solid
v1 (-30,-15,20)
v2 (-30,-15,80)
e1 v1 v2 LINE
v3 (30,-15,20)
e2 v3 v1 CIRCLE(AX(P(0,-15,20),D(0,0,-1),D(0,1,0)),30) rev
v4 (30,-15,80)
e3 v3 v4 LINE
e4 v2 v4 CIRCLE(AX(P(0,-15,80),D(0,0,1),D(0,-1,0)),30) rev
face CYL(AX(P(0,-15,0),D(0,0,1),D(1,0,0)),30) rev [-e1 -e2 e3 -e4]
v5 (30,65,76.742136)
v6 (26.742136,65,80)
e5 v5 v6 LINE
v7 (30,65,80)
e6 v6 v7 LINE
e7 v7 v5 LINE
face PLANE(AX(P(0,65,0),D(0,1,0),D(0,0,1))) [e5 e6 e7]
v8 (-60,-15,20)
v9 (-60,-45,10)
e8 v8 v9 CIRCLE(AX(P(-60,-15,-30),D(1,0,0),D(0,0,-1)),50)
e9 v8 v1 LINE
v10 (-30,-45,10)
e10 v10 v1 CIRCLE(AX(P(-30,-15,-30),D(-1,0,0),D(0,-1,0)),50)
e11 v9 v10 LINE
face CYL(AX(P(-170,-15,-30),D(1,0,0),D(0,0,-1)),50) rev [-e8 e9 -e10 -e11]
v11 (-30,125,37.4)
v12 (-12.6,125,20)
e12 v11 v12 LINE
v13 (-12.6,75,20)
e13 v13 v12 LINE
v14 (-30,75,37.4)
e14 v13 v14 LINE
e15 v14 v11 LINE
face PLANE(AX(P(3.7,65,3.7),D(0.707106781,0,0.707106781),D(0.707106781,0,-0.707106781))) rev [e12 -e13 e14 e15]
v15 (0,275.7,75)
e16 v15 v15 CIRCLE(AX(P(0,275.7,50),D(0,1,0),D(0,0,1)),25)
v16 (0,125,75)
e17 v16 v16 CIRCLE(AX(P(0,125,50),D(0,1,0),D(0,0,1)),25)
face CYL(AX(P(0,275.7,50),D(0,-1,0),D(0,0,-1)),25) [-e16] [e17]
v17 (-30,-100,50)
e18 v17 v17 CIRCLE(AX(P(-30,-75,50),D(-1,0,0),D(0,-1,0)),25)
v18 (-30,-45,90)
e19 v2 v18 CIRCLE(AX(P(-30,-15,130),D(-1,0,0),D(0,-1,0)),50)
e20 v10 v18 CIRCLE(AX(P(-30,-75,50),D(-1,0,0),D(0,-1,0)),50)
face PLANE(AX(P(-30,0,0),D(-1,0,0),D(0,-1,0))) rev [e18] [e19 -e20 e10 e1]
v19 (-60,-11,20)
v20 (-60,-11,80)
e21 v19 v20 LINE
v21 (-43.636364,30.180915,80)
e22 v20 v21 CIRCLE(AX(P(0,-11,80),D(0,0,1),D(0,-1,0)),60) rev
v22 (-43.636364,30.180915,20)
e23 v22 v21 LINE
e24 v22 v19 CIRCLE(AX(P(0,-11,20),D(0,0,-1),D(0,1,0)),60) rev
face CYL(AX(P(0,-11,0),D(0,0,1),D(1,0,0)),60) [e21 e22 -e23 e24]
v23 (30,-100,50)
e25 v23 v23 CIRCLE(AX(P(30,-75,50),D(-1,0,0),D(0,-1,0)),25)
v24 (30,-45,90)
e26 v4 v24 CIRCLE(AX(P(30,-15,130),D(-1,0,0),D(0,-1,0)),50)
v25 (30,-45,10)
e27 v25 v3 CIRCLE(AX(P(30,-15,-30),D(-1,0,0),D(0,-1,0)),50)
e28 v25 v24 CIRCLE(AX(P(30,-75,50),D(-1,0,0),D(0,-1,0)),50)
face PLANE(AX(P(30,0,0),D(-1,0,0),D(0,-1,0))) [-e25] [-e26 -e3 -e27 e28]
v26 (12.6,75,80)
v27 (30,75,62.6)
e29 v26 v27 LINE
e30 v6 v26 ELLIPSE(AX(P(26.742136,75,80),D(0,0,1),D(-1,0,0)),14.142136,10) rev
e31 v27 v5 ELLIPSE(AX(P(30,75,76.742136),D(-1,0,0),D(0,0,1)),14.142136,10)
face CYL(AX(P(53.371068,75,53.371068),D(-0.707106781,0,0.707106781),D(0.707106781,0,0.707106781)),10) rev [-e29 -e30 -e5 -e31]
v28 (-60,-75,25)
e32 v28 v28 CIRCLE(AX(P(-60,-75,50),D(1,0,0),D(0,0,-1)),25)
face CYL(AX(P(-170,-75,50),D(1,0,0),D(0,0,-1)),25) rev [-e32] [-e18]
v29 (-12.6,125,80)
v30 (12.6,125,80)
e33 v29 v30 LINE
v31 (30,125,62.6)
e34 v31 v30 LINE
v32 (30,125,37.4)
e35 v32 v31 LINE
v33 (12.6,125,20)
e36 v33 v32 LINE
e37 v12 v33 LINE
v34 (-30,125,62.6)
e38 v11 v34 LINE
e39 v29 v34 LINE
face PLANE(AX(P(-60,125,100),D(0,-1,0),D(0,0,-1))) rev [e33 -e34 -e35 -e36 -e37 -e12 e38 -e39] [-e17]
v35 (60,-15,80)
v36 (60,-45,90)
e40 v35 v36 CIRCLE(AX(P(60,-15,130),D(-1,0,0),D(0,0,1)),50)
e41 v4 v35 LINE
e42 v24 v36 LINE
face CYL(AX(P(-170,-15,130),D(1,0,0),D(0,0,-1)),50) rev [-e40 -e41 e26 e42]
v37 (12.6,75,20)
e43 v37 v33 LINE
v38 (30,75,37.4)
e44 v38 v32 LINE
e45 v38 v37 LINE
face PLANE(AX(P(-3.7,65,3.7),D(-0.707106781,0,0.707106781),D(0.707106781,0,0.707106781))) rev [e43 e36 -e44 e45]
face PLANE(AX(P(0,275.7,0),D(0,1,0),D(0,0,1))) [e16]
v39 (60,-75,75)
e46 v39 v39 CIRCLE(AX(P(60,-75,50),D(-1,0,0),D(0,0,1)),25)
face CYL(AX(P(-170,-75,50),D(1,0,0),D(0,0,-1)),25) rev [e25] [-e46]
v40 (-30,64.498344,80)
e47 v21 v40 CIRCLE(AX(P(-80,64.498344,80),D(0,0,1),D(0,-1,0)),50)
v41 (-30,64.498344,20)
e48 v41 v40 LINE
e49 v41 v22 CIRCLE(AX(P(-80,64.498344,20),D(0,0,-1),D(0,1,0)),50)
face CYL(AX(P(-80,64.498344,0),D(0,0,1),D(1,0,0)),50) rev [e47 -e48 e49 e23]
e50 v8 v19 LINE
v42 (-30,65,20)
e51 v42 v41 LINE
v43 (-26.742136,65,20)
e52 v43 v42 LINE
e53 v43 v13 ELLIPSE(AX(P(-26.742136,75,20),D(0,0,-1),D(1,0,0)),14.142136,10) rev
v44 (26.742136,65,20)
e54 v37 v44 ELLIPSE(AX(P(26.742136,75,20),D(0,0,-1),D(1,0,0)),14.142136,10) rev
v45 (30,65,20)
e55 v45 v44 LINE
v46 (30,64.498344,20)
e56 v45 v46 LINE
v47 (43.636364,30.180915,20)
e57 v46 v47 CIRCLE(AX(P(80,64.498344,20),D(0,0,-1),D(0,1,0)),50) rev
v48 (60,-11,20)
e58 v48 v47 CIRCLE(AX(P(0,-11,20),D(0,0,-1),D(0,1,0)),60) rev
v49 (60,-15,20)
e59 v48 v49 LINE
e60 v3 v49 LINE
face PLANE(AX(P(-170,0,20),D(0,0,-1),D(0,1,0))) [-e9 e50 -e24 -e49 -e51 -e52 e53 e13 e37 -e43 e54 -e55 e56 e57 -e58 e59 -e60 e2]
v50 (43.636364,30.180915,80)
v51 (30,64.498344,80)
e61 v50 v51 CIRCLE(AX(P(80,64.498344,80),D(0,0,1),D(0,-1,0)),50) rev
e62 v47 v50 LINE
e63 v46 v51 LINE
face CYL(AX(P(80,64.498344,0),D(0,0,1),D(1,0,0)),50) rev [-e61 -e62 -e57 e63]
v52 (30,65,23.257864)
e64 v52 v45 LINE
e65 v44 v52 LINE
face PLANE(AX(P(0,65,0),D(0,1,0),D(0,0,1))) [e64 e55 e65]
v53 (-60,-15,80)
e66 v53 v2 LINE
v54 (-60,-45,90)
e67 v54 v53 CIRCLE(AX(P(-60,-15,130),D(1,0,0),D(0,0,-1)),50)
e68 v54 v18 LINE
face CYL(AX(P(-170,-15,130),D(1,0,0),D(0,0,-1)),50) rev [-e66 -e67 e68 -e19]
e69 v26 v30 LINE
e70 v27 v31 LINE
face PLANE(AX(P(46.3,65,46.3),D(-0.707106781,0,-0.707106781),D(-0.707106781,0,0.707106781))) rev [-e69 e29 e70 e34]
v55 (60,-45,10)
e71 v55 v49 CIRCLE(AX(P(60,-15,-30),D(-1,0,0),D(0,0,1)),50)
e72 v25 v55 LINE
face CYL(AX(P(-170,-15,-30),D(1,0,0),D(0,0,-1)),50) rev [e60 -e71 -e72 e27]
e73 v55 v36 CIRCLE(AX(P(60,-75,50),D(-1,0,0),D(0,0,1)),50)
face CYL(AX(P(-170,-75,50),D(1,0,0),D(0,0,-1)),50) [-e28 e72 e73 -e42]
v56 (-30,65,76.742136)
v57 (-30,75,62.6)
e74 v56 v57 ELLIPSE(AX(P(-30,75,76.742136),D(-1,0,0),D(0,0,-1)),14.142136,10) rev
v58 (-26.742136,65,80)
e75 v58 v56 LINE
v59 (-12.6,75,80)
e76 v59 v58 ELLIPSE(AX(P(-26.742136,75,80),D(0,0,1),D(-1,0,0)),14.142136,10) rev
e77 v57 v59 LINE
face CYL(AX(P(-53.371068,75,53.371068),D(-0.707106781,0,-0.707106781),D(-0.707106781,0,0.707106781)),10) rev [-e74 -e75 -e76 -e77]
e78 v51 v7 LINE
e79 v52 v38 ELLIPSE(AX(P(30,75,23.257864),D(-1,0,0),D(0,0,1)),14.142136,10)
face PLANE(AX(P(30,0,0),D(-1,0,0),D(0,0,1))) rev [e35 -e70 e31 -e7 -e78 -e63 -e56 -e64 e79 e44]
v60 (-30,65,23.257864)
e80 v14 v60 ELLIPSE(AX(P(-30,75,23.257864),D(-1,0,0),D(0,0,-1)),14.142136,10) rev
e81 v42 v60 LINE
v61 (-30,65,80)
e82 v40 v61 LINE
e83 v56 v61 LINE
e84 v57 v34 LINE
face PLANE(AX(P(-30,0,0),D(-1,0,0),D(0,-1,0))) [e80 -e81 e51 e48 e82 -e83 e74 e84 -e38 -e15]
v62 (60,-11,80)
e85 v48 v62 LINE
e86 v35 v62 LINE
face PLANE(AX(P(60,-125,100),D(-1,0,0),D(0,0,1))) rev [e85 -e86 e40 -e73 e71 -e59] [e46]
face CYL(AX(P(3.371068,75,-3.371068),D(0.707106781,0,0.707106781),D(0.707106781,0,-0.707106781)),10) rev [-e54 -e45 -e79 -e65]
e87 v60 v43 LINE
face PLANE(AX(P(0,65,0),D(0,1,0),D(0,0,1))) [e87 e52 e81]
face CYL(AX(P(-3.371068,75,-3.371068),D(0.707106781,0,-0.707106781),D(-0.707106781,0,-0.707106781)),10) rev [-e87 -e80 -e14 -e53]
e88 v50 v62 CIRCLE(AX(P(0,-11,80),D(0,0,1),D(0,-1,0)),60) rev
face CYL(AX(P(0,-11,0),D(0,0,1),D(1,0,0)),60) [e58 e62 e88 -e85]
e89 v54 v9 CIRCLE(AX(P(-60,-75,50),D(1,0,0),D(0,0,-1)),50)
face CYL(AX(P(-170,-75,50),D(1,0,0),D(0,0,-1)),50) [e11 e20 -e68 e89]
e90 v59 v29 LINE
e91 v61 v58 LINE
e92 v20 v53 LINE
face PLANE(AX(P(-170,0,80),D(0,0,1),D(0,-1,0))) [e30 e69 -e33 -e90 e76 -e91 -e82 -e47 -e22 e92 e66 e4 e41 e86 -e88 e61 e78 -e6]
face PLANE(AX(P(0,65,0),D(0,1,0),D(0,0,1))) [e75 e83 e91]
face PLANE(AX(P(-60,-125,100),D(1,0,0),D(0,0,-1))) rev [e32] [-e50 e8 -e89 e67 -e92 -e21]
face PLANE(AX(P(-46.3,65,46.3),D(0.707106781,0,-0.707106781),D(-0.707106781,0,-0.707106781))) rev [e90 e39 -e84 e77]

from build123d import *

# Parameters (mm, degrees)
SKETCH1_W           = 120
SKETCH1_H           = 250
BOSS_EXTRUDE1_DEPTH = 100
CUT_EXTRUDE1_DEPTH  = 100
CUT_EXTRUDE2_DEPTH  = 240
SKETCH4_4_R         = 25
CUT_EXTRUDE3_DEPTH  = 240
CUT_EXTRUDE4_DEPTH  = 60
SKETCH5_3_R         = 25
BOSS_EXTRUDE2_DEPTH = 150.7
FILLET1_R           = 10


with BuildPart() as part:
    # Sketch1 → Boss-Extrude1 (new body)
    with BuildSketch(Plane.XY):
        Rectangle(SKETCH1_W, SKETCH1_H)
    extrude(amount=BOSS_EXTRUDE1_DEPTH)

    # Sketch2 → Cut-Extrude1 (cut)
    with BuildSketch(Plane.XY.offset(100)):
        with BuildLine():
            ThreePointArc((30, -15), (21.213203436, 6.213203436), (0, 15))
            ThreePointArc((0, 15), (-21.213203436, 6.213203436), (-30, -15))
            Line((-30, -15), (-30, -125))
            Line((-30, -125), (30, -125))
            Line((30, -125), (30, -15))
        make_face()
        with BuildLine():
            Line((60, 125), (30, 125))
            Line((30, 125), (30, 64.498344353))
            ThreePointArc((30, 64.498344353), (33.533981136, 46.034620706), (43.636363636, 30.180915101))
            ThreePointArc((43.636363636, 30.180915101), (55.759222645, 11.156468358), (60, -11.00000004))
            Line((60, -11.00000004), (60, 125))
        make_face()
        with BuildLine():
            Line((-30, 64.498344353), (-30, 125))
            Line((-30, 125), (-60, 125))
            Line((-60, 125), (-60, -11))
            ThreePointArc((-60, -11), (-55.759222637, 11.156468376), (-43.636363636, 30.180915101))
            ThreePointArc((-43.636363636, 30.180915101), (-33.533981136, 46.034620706), (-30, 64.498344353))
        make_face()
    extrude(amount=-CUT_EXTRUDE1_DEPTH, mode=Mode.SUBTRACT)

    # Sketch4 → Cut-Extrude2 (cut)
    with BuildSketch(Plane(origin=(70, 0, 0), x_dir=(0, 0, -1), z_dir=(1, 0, 0))):
        with BuildLine():
            Line((-100, -75), (-100, -125))
            Line((-100, -125), (-50, -125))
            ThreePointArc((-50, -125), (-85.355339059, -110.355339059), (-100, -75))
        make_face()
        with BuildLine():
            Line((-100, 125), (-100, -75))
            ThreePointArc((-100, -75), (-97.434164903, -59.188611699), (-90, -45))
            ThreePointArc((-90, -45), (-82.565835097, -30.811388301), (-80, -15))
            Line((-80, -15), (-80, 125))
            Line((-80, 125), (-100, 125))
        make_face()
        with BuildLine():
            ThreePointArc((0, -75.000000253), (-14.64466103, -110.355339149), (-50, -125))
            Line((-50, -125), (0, -125))
            Line((0, -125), (0, -75.000000253))
        make_face()
        with BuildLine():
            ThreePointArc((-10, -45), (-2.565835058, -59.188611819), (0, -75.000000253))
            Line((0, -75.000000253), (0, 125))
            Line((0, 125), (-20, 125))
            Line((-20, 125), (-20, -15))
            ThreePointArc((-20, -15), (-17.434164903, -30.811388301), (-10, -45))
        make_face()
    extrude(amount=-CUT_EXTRUDE2_DEPTH, mode=Mode.SUBTRACT)

    # Sketch4<4> → Cut-Extrude3 (cut)
    with BuildSketch(Plane(origin=(70, 0, 0), x_dir=(0, 0, -1), z_dir=(1, 0, 0))):
        with Locations((-50, -75)):
            Circle(SKETCH4_4_R)
    extrude(amount=-CUT_EXTRUDE3_DEPTH, mode=Mode.SUBTRACT)

    # Sketch5 → Cut-Extrude4 (cut)
    with BuildSketch(Plane(origin=(0, 125, 0), x_dir=(1, 0, 0), z_dir=(0, 1, 0))):
        Polygon((-30, -62.6), (-30, -80), (-12.6, -80), align=None)
        Polygon((-30, -20), (-30, -37.4), (-12.6, -20), align=None)
        Polygon((30, -62.6), (12.6, -80), (30, -80), align=None)
        Polygon((12.6, -20), (30, -37.4), (30, -20), align=None)
    extrude(amount=-CUT_EXTRUDE4_DEPTH, mode=Mode.SUBTRACT)

    # Sketch5<3> → Boss-Extrude2 (add)
    with BuildSketch(Plane(origin=(0, 125, 0), x_dir=(1, 0, 0), z_dir=(0, 1, 0))):
        with Locations((0, -50)):
            Circle(SKETCH5_3_R)
    extrude(amount=BOSS_EXTRUDE2_DEPTH)

    # Fillet1
    fillet1_edges = [part.edges().sort_by_distance(p)[0] for p in [
        (-21.3, 65, 71.3),
        (-21.3, 65, 28.7),
        (21.3, 65, 28.7),
        (21.3, 65, 71.3),
    ]]
    fillet(fillet1_edges, radius=FILLET1_R)


solid = part.part
